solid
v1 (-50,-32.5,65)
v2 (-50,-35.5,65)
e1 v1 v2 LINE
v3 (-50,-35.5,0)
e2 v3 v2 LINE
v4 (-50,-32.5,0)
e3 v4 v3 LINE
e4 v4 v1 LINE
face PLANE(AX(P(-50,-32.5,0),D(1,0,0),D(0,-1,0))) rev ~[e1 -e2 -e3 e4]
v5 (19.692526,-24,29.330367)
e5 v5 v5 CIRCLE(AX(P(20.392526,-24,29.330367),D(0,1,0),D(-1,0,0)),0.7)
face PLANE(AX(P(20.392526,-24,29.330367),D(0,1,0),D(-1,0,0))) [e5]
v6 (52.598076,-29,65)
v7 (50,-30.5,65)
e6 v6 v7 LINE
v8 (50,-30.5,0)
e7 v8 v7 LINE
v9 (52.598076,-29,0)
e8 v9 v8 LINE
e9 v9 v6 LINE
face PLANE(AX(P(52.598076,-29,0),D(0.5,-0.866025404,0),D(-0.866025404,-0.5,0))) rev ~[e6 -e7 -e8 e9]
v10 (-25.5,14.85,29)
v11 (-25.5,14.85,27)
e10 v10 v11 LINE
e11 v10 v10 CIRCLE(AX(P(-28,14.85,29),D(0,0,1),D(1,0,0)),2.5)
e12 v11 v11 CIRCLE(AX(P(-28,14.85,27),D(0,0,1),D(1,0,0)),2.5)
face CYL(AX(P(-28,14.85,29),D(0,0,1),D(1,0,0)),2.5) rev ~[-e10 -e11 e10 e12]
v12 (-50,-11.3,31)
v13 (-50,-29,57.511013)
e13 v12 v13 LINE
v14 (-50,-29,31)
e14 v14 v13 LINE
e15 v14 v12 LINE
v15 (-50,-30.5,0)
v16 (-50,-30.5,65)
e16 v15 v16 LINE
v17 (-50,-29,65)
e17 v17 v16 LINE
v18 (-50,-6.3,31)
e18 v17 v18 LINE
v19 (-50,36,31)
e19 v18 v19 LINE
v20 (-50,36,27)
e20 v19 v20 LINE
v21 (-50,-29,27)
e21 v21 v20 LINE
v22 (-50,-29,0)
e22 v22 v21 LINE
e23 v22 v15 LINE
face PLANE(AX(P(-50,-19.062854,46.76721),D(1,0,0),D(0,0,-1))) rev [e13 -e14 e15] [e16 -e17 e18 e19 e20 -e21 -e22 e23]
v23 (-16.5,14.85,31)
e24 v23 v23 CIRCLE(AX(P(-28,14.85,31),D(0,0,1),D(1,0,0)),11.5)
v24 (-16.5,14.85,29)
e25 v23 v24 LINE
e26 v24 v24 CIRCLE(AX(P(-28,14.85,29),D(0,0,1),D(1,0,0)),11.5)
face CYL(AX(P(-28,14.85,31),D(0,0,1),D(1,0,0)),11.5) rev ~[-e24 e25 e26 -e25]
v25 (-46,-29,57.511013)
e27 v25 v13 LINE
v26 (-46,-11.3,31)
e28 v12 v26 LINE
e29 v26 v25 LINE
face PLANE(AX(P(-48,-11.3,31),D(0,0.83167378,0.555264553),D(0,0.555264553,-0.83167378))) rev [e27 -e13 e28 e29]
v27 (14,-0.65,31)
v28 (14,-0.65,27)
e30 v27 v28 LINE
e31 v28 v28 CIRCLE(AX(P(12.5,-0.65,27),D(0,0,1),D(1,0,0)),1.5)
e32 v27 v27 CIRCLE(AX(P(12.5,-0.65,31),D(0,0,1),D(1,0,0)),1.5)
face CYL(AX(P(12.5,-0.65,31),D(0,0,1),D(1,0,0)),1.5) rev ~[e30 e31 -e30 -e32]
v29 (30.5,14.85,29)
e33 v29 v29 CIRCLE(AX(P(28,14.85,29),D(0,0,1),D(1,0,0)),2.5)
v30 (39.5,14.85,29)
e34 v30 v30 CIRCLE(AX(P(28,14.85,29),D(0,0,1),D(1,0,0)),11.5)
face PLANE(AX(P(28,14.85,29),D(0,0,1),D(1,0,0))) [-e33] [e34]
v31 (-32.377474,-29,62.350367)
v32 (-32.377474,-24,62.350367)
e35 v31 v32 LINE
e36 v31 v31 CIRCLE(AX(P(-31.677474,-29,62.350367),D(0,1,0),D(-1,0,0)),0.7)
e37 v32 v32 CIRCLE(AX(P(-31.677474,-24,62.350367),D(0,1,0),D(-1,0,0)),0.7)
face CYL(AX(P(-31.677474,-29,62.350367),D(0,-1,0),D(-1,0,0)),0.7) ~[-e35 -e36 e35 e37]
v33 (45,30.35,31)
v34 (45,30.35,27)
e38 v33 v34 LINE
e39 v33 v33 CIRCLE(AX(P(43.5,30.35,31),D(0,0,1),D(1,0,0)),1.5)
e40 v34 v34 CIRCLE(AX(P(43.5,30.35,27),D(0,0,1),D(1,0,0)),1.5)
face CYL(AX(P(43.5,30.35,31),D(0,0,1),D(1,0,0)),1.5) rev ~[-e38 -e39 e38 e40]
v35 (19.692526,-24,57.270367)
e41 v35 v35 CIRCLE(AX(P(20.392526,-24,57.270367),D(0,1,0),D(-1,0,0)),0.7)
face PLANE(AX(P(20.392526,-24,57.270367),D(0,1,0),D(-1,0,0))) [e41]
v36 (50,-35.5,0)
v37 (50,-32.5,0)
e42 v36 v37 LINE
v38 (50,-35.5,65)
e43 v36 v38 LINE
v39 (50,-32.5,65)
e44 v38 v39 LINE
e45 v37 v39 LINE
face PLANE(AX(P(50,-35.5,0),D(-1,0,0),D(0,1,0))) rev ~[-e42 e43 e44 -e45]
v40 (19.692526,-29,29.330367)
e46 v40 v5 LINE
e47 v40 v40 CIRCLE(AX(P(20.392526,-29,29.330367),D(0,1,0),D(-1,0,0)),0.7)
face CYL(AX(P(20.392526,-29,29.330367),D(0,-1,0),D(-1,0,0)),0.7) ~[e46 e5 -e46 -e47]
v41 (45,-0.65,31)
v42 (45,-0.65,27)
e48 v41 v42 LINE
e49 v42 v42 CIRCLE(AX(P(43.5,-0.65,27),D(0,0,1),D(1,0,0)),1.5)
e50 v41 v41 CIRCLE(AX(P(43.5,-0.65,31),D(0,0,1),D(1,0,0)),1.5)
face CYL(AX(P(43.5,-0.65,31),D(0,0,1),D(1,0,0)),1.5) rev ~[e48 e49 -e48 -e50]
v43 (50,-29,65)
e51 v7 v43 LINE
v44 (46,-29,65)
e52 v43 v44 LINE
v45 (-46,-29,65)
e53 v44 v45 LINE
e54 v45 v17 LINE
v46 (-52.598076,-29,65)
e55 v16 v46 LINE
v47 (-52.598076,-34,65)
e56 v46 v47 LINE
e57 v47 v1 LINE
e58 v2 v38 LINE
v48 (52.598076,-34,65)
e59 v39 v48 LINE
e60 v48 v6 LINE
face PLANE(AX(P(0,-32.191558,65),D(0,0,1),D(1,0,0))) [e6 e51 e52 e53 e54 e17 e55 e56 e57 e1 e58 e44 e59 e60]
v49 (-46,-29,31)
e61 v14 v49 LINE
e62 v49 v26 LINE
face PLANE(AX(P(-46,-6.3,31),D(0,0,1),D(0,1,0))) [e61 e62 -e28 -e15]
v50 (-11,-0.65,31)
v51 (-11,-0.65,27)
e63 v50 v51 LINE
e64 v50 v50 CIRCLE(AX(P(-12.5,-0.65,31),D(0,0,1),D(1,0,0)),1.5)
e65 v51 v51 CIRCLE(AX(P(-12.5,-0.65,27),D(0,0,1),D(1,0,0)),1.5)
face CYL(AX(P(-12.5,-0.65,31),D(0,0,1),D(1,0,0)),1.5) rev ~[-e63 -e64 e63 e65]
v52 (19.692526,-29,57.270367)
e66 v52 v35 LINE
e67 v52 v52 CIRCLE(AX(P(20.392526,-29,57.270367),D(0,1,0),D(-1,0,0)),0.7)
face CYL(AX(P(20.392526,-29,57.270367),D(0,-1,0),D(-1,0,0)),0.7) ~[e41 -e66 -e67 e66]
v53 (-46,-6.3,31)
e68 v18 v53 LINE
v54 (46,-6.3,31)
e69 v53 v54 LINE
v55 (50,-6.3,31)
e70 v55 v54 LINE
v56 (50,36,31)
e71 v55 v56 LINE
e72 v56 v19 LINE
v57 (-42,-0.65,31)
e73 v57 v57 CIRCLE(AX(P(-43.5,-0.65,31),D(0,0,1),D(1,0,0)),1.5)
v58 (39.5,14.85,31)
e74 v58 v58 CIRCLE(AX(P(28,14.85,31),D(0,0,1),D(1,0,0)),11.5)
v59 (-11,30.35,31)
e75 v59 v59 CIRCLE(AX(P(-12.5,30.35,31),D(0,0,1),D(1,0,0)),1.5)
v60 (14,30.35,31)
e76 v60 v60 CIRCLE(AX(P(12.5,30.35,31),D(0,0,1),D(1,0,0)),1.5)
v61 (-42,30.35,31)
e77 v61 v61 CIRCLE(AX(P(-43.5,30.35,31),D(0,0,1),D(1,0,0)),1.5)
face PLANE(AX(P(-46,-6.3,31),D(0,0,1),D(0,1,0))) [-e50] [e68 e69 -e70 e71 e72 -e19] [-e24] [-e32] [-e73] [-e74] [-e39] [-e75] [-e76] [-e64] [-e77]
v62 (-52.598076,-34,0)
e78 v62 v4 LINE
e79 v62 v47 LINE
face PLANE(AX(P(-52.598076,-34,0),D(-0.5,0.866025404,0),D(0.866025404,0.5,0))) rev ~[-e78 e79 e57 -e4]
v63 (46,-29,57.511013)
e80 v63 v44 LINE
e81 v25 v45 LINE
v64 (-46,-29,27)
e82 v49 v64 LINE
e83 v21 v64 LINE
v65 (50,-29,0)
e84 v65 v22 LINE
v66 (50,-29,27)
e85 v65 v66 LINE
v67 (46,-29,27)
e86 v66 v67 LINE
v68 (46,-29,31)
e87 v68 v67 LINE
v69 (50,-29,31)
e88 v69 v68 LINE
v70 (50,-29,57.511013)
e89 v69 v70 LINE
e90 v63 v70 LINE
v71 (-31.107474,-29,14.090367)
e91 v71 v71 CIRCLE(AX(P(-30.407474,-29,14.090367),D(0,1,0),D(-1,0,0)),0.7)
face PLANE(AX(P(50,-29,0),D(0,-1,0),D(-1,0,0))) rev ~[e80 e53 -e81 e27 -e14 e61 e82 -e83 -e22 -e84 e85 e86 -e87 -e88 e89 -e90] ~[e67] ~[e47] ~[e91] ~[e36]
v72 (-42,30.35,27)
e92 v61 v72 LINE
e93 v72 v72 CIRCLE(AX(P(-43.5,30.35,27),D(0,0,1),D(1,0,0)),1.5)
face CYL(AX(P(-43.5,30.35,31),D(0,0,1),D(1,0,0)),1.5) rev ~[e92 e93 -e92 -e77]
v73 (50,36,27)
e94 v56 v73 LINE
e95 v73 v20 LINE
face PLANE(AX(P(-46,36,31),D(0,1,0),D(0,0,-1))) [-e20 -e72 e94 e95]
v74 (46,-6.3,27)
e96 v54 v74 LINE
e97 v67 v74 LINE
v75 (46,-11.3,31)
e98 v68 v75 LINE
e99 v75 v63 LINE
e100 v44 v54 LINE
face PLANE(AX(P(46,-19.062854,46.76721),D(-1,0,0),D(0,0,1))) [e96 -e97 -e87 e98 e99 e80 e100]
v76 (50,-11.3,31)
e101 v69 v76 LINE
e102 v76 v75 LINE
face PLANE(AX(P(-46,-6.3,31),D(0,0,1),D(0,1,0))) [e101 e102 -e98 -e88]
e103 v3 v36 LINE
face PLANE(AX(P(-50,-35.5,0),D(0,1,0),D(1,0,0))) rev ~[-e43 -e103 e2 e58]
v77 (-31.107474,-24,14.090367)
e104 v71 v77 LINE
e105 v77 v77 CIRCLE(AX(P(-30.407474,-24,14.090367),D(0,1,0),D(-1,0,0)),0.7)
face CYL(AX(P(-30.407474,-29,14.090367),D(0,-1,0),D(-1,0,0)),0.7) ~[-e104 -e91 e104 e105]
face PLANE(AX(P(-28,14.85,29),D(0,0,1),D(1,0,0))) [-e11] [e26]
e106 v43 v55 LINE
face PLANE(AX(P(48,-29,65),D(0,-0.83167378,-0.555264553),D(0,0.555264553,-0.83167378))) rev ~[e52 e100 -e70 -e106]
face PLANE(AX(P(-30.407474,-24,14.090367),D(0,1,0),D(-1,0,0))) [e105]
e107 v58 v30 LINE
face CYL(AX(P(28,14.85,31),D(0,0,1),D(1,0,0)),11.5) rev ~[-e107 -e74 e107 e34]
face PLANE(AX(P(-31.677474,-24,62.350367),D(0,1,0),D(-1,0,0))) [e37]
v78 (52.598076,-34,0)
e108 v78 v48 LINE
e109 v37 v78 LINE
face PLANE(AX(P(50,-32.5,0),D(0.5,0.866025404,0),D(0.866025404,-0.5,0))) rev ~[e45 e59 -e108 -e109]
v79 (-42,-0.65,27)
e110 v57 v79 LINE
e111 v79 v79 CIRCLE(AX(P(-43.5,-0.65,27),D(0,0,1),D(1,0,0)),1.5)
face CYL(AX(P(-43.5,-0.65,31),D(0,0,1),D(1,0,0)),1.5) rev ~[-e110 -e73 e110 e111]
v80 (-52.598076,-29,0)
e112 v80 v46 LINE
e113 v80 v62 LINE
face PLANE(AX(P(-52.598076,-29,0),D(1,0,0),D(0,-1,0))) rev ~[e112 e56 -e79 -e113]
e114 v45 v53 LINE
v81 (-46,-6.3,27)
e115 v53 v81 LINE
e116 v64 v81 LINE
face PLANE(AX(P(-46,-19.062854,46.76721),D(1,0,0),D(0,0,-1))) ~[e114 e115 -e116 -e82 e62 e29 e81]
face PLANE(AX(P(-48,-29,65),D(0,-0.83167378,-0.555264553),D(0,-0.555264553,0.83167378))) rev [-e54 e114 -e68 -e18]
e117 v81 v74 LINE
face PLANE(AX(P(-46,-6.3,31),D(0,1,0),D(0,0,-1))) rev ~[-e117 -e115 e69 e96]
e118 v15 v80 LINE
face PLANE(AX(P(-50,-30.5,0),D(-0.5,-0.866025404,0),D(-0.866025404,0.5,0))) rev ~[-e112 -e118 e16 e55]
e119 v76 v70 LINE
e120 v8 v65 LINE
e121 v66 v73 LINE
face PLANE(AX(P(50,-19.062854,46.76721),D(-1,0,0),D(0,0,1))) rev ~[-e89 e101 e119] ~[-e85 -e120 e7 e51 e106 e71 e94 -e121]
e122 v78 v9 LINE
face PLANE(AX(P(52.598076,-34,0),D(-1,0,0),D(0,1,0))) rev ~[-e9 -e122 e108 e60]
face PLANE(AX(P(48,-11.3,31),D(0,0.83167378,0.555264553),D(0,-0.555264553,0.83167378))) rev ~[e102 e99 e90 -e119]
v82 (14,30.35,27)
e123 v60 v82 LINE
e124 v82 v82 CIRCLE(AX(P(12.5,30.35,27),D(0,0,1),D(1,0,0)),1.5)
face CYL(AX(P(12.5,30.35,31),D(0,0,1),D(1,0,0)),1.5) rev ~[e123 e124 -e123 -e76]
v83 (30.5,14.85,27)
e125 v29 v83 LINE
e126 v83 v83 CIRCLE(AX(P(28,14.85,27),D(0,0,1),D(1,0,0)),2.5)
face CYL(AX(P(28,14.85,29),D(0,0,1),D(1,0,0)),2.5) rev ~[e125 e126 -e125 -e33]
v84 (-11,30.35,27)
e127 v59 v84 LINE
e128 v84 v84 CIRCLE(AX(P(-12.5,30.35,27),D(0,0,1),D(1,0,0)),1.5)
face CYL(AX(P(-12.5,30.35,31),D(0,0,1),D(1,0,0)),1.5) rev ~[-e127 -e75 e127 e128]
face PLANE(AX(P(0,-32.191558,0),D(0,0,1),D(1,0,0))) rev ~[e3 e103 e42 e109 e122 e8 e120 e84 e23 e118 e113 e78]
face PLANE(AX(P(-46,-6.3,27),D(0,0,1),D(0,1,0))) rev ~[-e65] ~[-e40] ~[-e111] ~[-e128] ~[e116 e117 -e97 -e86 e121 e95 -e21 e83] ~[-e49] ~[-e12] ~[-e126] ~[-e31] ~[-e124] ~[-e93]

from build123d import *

# Parameters (mm, degrees)
EXTRUDE_7_DEPTH     = 65
SKETCH_6_W          = 4
SKETCH_6_H          = 4
EXTRUDE_10_DEPTH    = 65
SKETCH_7_W          = 4
SKETCH_7_H          = 42.3
EXTRUDE_11_DEPTH    = 92
SKETCH_8_R          = 11.5
CUT_EXTRUDE_2_DEPTH = 2
SKETCH_10_R         = 2.5
CUT_EXTRUDE_3_DEPTH = 2
SKETCH_11_R         = 1.5
CUT_EXTRUDE_6_DEPTH = 4
EXTRUDE_13_DEPTH    = 2
SKETCH_14_R         = 0.7
EXTRUDE_14_DEPTH    = 5


with BuildPart() as part:
    # 草图1 → 凸台-拉伸7 (new body)
    with BuildSketch(Plane.XY):
        Polygon((-50, -29), (-50, -30.5), (-52.598076211, -29), (-52.598076211, -34), (-50, -32.5), (-50, -35.5), (50, -35.5), (50, -32.5), (52.598076211, -34), (52.598076211, -29), (50, -30.5), (50, -29), align=None)
    extrude(amount=EXTRUDE_7_DEPTH)

    # 草图6 → 凸台-拉伸10 (add)
    with BuildSketch(Plane(origin=(0, -29, 0), x_dir=(1, 0, 0), z_dir=(0, 1, 0))):
        with Locations((-48, -29)):
            Rectangle(SKETCH_6_W, SKETCH_6_H)
    extrude_10 = extrude(amount=EXTRUDE_10_DEPTH)

    # 镜向1: 凸台-拉伸10 across plane
    add(extrude_10.mirror(Plane(origin=(0, 0, 0), x_dir=(0, 0, 1), z_dir=(1, 0, 0))))

    # 草图7 → 凸台-拉伸11 (add)
    with BuildSketch(Plane(origin=(-46, 0, 0), x_dir=(0, 0, -1), z_dir=(1, 0, 0))):
        with Locations((-29, 14.85)):
            Rectangle(SKETCH_7_W, SKETCH_7_H)
    extrude(amount=EXTRUDE_11_DEPTH)

    # 草图8 → 切除-拉伸2 (cut)
    with BuildSketch(Plane.XY.offset(31)):
        with Locations((-28, 14.85)):
            Circle(SKETCH_8_R)
        with Locations((28, 14.85)):
            Circle(SKETCH_8_R)
    extrude(amount=-CUT_EXTRUDE_2_DEPTH, mode=Mode.SUBTRACT)

    # 草图10 → 切除-拉伸3 (cut)
    with BuildSketch(Plane.XY.offset(29)):
        with Locations((-28, 14.85)):
            Circle(SKETCH_10_R)
        with Locations((28, 14.85)):
            Circle(SKETCH_10_R)
    extrude(amount=-CUT_EXTRUDE_3_DEPTH, mode=Mode.SUBTRACT)

    # 草图11 → 切除-拉伸6 (cut)
    with BuildSketch(Plane.XY.offset(31)):
        with Locations((-43.5, 30.35)):
            Circle(SKETCH_11_R)
        with Locations((-12.5, 30.35)):
            Circle(SKETCH_11_R)
        with Locations((-43.5, -0.65)):
            Circle(SKETCH_11_R)
        with Locations((-12.5, -0.65)):
            Circle(SKETCH_11_R)
        with Locations((12.5, 30.35)):
            Circle(SKETCH_11_R)
        with Locations((43.5, 30.35)):
            Circle(SKETCH_11_R)
        with Locations((12.5, -0.65)):
            Circle(SKETCH_11_R)
        with Locations((43.5, -0.65)):
            Circle(SKETCH_11_R)
    extrude(amount=-CUT_EXTRUDE_6_DEPTH, mode=Mode.SUBTRACT)

    # 草图13 → 凸台-拉伸13 (add, symmetric)
    with BuildSketch(Plane(origin=(48, 0, 0), x_dir=(0, 0, -1), z_dir=(1, 0, 0))):
        Polygon((-65, -29), (-31, -6.3), (-31, -11.3), (-57.511013216, -29), align=None)
    extrude_13 = extrude(amount=EXTRUDE_13_DEPTH, both=True)

    # 镜向3: 凸台-拉伸13 across plane
    add(extrude_13.mirror(Plane(origin=(0, 0, 0), x_dir=(0, 0, 1), z_dir=(1, 0, 0))))

    # 草图14 → 凸台-拉伸14 (add)
    with BuildSketch(Plane(origin=(0, -29, 0), x_dir=(1, 0, 0), z_dir=(0, 1, 0))):
        with Locations(Location((-30.407474137, -14.090366943, 0), (0, 0, 180))):
            Circle(SKETCH_14_R)
        with Locations(Location((-31.677474137, -62.350366943, 0), (0, 0, 180))):
            Circle(SKETCH_14_R)
        with Locations(Location((20.392525863, -29.330366943, 0), (0, 0, 180))):
            Circle(SKETCH_14_R)
        with Locations(Location((20.392525863, -57.270366943, 0), (0, 0, 180))):
            Circle(SKETCH_14_R)
    extrude(amount=EXTRUDE_14_DEPTH)


solid = part.part
